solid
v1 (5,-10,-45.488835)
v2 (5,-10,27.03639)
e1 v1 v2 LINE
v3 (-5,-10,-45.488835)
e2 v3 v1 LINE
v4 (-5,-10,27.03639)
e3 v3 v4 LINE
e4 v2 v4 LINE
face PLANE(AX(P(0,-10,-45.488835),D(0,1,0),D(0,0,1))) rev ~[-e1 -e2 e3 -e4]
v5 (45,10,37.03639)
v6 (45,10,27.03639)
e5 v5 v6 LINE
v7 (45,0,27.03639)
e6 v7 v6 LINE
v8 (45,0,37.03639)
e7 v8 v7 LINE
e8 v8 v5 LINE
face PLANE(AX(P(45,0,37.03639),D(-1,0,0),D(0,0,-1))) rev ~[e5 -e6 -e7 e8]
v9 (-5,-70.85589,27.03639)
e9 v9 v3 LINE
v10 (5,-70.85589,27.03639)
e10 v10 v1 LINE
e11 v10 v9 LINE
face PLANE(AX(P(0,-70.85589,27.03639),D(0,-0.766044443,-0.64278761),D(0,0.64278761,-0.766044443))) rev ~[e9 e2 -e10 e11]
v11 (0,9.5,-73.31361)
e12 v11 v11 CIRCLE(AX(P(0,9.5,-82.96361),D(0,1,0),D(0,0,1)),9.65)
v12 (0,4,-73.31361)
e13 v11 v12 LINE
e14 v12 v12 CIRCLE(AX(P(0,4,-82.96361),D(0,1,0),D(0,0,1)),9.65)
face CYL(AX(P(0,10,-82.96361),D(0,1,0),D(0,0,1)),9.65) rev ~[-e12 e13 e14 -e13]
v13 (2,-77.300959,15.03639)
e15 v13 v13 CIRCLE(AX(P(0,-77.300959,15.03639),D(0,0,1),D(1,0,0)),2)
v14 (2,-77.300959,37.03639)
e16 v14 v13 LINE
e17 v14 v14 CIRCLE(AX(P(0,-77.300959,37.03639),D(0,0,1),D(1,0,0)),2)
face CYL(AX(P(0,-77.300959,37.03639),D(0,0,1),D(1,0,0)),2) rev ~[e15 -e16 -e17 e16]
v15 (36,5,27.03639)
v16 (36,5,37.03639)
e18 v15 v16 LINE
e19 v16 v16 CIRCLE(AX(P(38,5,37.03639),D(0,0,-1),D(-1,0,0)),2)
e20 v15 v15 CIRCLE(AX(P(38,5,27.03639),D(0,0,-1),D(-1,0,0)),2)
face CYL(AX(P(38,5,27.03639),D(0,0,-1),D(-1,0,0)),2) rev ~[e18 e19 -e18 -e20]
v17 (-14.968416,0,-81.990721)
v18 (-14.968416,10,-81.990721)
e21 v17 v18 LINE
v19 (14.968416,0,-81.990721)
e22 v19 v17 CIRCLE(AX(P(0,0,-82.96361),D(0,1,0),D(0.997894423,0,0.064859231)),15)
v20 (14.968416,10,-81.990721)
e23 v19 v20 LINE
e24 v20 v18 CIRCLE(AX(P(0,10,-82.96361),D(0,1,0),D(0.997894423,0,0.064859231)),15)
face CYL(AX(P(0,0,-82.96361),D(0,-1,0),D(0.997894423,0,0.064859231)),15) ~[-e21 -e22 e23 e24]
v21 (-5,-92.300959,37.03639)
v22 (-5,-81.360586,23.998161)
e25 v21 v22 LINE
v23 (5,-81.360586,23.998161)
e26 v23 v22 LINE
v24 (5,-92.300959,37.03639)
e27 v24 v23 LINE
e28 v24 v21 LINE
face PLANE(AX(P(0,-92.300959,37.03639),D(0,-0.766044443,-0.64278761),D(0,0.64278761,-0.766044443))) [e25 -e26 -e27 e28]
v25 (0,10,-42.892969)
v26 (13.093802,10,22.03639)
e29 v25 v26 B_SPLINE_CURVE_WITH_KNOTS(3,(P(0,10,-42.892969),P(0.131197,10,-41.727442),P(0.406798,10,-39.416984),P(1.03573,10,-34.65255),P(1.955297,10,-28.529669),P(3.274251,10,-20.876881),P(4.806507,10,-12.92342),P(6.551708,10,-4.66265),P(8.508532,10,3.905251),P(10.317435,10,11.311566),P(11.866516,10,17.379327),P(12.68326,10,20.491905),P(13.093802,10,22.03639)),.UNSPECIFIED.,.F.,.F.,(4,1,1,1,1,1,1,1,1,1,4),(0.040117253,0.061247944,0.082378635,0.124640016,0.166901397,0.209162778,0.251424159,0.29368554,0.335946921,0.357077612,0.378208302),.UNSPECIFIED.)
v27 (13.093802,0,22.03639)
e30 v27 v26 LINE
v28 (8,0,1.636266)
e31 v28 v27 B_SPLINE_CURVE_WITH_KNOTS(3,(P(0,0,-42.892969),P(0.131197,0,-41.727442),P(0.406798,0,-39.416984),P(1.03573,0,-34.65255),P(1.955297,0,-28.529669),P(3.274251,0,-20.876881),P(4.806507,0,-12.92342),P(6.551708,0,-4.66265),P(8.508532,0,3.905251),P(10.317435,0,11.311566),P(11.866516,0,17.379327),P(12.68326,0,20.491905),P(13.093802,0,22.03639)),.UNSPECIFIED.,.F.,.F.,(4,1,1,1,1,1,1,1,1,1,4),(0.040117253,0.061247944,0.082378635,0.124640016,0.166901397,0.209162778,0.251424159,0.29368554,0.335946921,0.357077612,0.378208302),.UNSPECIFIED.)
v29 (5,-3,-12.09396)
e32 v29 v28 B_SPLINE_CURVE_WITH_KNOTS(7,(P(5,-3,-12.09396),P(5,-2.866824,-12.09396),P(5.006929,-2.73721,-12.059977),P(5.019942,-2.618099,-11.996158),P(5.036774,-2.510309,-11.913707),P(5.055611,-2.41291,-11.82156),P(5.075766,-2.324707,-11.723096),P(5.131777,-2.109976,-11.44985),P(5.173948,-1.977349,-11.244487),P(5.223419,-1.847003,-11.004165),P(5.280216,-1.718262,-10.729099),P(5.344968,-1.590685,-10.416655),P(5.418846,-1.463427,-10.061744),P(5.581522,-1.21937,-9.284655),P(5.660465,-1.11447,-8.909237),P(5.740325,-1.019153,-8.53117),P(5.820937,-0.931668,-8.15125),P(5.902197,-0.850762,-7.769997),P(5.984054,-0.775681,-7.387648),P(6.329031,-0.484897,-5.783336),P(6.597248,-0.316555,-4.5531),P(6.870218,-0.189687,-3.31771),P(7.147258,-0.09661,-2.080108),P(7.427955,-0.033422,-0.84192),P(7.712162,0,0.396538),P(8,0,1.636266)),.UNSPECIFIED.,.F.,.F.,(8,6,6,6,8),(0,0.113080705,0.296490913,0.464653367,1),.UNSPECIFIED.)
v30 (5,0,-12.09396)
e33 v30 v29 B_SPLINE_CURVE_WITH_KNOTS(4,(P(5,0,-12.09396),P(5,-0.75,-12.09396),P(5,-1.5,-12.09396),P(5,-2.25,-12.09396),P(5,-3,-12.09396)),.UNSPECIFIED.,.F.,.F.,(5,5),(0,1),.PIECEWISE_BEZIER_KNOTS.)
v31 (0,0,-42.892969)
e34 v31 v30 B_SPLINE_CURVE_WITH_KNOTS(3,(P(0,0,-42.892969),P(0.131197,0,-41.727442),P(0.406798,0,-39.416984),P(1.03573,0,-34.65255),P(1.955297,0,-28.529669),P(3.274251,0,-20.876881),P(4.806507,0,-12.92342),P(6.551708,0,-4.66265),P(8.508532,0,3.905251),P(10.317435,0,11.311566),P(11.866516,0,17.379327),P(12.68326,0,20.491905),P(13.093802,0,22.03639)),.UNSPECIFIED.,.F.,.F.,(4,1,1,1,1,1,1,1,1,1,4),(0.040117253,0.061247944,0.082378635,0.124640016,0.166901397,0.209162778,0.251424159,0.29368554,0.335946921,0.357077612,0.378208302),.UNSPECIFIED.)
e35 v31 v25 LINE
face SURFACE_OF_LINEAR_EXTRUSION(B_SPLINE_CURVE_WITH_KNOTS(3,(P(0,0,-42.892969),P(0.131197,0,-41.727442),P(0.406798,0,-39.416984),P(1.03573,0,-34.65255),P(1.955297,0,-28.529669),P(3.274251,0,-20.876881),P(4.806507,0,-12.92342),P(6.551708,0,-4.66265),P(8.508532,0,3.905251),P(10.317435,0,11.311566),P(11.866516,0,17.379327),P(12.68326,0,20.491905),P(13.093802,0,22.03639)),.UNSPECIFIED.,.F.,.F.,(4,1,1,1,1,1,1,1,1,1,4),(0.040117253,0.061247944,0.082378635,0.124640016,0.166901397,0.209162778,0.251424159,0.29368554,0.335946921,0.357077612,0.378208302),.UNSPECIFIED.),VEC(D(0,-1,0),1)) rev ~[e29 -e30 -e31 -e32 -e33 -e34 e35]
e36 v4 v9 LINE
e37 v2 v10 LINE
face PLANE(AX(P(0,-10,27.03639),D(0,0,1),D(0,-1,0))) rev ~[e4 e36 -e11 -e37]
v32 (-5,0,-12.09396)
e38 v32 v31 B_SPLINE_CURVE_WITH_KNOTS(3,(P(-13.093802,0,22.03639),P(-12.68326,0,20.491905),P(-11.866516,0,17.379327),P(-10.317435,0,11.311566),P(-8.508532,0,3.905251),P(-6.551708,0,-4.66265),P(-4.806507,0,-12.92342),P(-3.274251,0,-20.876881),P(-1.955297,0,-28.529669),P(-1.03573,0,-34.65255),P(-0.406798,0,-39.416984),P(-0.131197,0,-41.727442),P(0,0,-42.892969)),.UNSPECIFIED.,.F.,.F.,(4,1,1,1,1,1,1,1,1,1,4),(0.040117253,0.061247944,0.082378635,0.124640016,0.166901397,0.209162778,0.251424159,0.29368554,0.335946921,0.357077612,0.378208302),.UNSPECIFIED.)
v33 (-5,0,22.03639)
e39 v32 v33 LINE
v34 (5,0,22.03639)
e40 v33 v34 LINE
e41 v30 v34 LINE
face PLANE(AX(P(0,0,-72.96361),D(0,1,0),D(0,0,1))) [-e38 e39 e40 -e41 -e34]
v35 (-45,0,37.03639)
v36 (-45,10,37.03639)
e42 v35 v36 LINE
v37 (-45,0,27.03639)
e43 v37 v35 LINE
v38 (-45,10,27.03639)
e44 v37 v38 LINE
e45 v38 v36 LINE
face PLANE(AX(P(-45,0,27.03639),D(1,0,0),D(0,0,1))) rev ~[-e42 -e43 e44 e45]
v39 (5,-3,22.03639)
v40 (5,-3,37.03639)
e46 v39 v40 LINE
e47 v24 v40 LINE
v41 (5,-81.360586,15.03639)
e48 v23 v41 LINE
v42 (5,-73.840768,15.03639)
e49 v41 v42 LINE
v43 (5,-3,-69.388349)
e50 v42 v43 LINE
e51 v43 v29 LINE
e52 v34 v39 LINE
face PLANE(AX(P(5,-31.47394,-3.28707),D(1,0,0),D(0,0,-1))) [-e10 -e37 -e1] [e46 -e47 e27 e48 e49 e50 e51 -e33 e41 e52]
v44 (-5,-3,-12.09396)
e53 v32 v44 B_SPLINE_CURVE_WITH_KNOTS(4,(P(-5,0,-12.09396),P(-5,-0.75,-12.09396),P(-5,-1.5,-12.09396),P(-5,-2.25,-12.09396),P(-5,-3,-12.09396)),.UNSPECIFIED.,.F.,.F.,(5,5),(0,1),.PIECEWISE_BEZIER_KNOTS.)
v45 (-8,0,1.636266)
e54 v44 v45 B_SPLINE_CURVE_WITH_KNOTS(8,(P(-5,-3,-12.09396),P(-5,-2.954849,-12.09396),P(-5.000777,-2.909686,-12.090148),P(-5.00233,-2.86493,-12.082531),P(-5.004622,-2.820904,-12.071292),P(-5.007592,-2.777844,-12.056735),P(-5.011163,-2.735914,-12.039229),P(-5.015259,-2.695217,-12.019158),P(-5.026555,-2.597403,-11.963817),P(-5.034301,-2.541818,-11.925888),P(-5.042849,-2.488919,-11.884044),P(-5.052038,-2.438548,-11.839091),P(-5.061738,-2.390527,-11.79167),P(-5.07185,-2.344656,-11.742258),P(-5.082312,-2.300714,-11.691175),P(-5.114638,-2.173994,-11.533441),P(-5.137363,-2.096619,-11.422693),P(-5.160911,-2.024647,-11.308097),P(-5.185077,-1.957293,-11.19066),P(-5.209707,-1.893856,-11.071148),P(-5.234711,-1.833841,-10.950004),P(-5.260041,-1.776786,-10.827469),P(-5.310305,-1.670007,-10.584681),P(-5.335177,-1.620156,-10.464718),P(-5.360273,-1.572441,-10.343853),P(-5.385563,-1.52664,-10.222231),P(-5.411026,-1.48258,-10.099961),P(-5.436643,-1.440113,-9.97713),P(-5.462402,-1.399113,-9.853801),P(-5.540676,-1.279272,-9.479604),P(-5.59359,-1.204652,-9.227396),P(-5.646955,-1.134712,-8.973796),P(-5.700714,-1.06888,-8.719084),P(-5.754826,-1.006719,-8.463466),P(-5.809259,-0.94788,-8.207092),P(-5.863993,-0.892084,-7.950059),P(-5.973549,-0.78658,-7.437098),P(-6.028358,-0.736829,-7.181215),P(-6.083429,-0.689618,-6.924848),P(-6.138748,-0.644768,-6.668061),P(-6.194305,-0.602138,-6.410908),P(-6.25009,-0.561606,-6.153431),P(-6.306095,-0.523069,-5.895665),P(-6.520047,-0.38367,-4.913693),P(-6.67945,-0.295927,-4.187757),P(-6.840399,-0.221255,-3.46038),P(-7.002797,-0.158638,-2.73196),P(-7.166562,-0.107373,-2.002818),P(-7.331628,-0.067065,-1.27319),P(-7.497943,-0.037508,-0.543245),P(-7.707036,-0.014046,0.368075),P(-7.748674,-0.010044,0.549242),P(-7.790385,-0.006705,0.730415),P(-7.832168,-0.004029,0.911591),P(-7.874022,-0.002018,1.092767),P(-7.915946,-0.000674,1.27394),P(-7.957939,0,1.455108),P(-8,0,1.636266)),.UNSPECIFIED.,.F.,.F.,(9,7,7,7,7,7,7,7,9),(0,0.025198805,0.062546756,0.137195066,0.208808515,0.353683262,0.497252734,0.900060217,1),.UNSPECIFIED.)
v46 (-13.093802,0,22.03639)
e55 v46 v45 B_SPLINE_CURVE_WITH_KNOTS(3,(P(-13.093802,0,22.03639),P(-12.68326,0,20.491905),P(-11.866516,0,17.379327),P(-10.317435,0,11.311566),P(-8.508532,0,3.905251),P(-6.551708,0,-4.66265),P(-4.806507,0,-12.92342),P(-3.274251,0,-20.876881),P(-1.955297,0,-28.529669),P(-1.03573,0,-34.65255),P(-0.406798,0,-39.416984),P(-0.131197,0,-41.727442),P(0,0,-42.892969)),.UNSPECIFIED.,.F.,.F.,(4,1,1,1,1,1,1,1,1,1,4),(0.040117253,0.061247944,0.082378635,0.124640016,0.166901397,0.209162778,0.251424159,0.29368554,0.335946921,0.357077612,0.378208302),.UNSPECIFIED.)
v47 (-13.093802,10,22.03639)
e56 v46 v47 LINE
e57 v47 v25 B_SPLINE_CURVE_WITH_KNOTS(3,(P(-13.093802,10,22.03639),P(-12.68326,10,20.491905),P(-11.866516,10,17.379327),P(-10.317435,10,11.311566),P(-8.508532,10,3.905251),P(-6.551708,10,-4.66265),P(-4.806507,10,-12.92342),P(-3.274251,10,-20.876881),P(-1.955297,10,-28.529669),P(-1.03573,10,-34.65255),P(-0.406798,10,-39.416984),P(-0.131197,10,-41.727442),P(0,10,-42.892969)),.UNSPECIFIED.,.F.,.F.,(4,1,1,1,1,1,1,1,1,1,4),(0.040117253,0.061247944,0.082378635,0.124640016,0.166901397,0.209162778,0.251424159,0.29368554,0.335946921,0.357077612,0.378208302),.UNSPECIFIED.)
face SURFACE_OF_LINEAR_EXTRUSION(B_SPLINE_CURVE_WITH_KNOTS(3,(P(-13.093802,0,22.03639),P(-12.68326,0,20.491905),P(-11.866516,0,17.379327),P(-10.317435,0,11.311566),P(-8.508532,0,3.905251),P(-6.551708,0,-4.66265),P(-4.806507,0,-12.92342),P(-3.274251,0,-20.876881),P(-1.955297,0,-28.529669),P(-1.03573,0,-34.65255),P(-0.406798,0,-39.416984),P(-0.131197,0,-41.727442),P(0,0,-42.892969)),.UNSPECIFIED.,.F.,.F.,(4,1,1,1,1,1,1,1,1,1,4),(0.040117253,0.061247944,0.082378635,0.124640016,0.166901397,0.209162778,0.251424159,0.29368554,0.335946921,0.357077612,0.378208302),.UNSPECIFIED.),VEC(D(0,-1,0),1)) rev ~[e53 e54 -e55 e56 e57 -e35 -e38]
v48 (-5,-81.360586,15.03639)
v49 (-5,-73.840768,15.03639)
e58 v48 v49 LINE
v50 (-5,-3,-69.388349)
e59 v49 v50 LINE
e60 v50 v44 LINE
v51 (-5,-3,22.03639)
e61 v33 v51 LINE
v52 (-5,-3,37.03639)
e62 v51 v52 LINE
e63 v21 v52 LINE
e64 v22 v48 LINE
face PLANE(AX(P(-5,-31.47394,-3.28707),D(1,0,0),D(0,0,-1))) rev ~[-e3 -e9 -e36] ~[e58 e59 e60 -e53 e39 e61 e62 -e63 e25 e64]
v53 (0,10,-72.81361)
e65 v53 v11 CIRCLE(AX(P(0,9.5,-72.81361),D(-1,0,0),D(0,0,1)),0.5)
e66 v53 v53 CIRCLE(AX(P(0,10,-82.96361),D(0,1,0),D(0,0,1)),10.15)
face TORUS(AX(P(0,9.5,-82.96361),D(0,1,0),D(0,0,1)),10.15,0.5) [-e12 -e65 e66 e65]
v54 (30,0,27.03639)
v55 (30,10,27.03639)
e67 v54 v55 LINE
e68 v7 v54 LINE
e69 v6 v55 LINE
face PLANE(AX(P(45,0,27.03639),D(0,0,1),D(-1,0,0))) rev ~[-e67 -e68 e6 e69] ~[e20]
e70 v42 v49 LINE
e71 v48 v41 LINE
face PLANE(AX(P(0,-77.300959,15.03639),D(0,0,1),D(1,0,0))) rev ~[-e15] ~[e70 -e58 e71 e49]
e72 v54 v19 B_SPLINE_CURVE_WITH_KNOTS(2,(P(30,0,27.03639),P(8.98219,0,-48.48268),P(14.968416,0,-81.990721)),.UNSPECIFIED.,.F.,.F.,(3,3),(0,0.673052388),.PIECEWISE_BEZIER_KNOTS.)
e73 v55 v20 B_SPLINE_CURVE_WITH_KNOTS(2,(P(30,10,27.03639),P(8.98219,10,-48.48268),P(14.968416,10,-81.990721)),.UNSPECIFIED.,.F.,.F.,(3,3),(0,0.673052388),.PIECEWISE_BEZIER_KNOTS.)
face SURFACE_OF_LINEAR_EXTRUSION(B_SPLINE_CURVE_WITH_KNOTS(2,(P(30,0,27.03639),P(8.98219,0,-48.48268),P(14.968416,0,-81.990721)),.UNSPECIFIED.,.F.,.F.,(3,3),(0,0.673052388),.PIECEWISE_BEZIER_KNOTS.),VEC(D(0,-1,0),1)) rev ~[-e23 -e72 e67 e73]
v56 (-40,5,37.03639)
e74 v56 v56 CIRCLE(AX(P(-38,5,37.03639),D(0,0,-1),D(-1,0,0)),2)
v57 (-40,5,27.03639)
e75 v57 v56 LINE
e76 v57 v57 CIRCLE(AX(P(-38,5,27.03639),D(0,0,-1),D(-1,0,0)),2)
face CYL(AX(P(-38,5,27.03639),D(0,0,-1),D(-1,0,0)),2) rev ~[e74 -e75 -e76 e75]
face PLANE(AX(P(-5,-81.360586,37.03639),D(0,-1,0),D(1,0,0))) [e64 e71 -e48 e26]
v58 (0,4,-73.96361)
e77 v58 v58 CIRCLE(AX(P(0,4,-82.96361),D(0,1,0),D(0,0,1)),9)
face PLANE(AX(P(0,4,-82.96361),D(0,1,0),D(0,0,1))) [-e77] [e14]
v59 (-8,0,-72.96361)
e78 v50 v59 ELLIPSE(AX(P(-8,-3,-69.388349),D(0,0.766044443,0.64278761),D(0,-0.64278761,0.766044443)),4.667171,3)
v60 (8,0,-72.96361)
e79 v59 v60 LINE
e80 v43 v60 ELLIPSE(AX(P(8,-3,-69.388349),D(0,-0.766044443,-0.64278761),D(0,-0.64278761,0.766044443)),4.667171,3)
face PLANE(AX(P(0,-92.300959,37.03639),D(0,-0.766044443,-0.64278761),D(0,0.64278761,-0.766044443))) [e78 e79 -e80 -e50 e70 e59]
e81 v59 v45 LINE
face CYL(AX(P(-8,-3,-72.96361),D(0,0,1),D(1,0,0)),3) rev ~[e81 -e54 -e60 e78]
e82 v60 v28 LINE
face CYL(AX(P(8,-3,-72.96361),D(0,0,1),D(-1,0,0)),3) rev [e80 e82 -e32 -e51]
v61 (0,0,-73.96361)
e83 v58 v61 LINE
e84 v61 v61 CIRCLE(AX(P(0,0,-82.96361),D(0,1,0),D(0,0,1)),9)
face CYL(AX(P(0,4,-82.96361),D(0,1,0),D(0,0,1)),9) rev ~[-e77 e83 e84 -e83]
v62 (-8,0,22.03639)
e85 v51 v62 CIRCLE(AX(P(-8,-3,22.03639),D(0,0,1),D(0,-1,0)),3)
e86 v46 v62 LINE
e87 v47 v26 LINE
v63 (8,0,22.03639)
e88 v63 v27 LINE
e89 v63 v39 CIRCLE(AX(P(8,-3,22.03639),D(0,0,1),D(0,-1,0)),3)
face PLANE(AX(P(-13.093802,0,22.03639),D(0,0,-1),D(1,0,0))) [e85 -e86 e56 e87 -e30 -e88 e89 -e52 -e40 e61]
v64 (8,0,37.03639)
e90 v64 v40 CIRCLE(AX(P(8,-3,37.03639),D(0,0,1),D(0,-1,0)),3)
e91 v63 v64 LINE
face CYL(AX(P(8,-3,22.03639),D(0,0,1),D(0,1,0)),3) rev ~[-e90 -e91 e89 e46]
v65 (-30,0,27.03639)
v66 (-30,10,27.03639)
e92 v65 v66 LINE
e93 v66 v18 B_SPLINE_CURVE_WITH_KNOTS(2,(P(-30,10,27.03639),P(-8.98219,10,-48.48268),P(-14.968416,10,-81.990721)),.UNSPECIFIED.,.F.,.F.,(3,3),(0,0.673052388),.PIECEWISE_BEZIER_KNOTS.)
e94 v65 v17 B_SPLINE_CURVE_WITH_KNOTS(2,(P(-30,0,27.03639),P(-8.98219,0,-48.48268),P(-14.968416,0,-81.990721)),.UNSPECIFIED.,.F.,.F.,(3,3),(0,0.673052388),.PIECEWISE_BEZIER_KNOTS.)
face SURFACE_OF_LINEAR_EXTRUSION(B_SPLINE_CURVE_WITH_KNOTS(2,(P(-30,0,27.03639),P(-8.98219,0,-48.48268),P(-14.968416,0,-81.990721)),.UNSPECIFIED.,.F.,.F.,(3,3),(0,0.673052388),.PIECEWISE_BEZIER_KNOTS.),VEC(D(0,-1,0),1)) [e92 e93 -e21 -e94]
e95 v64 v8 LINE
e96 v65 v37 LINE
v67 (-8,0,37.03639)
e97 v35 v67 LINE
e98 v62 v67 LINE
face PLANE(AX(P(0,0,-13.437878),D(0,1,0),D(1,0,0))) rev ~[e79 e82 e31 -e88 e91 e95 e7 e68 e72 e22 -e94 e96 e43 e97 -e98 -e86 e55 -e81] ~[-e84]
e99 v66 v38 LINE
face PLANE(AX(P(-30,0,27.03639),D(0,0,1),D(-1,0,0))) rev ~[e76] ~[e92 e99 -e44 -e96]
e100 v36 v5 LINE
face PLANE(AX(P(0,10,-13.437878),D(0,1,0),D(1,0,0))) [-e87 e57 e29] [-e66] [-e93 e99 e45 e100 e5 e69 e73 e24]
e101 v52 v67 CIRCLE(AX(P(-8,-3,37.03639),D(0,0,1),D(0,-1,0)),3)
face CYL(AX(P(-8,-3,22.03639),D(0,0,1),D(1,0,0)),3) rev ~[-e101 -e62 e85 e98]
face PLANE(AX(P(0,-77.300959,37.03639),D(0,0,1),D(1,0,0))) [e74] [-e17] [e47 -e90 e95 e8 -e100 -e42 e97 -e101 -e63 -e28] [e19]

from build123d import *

# Parameters (mm, degrees)
EXTRUDE_1_DEPTH      = 10
SKETCH_2_R           = 9.65
CUT_EXTRUDE_1_DEPTH  = 6
SKETCH_3_R           = 9
CUT_EXTRUDE_2_DEPTH  = 108.971611223
SKETCH_4_R           = 2
CUT_EXTRUDE_3_DEPTH  = 134.22912608
FILLET_2_R           = 0.5
EXTRUDE_3_DEPTH      = 5
EXTRUDE_3_DEPTH_BACK = 5
FILLET_3_R           = 3
FILLET_4_R           = 3
FILLET_5_R           = 3
FILLET_6_R           = 3
SKETCH_8_W           = 10
SKETCH_8_H           = 8.119253015
EXTRUDE_5_DEPTH      = 22
SKETCH_7_R           = 2
CUT_EXTRUDE_4_DEPTH  = 170.615645405


with BuildPart() as part:
    # Эскиз1 → Бобышка-Вытянуть1 (new body)
    with BuildSketch(Plane(origin=(0, 0, 0), x_dir=(1, 0, 0), z_dir=(0, 1, 0))):
        with BuildLine():
            Line((-45, -37.036390428), (45, -37.036390428))
            Line((45, -37.036390428), (45, -27.036390428))
            Line((45, -27.036390428), (30, -27.036390428))
            add(Edge.make_bspline(
                [(30, -27.036390428), (8.982189831, 48.482679734), (14.96841635, 81.990721102)],
                knots=[0, 0, 0, 0.673052388, 0.673052388, 0.673052388], degree=2))
            ThreePointArc((14.96841635, 81.990721102), (0, 97.963609572), (-14.96841635, 81.990721102))
            add(Edge.make_bspline(
                [(-30, -27.036390428), (-8.982189831, 48.482679734), (-14.96841635, 81.990721102)],
                knots=[0, 0, 0, 0.673052388, 0.673052388, 0.673052388], degree=2))
            Line((-30, -27.036390428), (-45, -27.036390428))
            Line((-45, -27.036390428), (-45, -37.036390428))
        make_face()
        with BuildLine():
            Line((-13.093802095, -22.036390428), (13.093802095, -22.036390428))
            add(Edge.make_bspline(
                [(0, 42.892969081), (0.131197091, 41.727442037), (0.406798356, 39.416984329), (1.035729687, 34.652549779), (1.955297059, 28.529668977), (3.27425138, 20.876880517), (4.806507266, 12.923420182), (6.551708297, 4.662649881), (8.508532438, -3.905250597), (10.317434597, -11.311565536), (11.866516335, -17.379327452), (12.683259953, -20.491905055), (13.093802095, -22.036390428)],
                knots=[0.040117253, 0.040117253, 0.040117253, 0.040117253, 0.061247944, 0.082378635, 0.124640016, 0.166901397, 0.209162778, 0.251424159, 0.29368554, 0.335946921, 0.357077612, 0.378208302, 0.378208302, 0.378208302, 0.378208302], degree=3))
            add(Edge.make_bspline(
                [(-13.093802095, -22.036390428), (-12.683259953, -20.491905055), (-11.866516335, -17.379327452), (-10.317434597, -11.311565536), (-8.508532438, -3.905250597), (-6.551708297, 4.662649881), (-4.806507266, 12.923420182), (-3.27425138, 20.876880517), (-1.955297059, 28.529668977), (-1.035729687, 34.652549779), (-0.406798356, 39.416984329), (-0.131197091, 41.727442037), (0, 42.892969081)],
                knots=[0.040117253, 0.040117253, 0.040117253, 0.040117253, 0.061247944, 0.082378635, 0.124640016, 0.166901397, 0.209162778, 0.251424159, 0.29368554, 0.335946921, 0.357077612, 0.378208302, 0.378208302, 0.378208302, 0.378208302], degree=3))
        make_face(mode=Mode.SUBTRACT)
    extrude(amount=EXTRUDE_1_DEPTH)

    # Эскиз2 → Вырез-Вытянуть1 (cut)
    with BuildSketch(Plane(origin=(0, 10, 0), x_dir=(1, 0, 0), z_dir=(0, 1, 0))):
        with Locations(Location((0, 82.963609572, 0), (0, 0, 270))):
            Circle(SKETCH_2_R)
    extrude(amount=-CUT_EXTRUDE_1_DEPTH, mode=Mode.SUBTRACT)

    # Эскиз3 → Вырез-Вытянуть2 (cut, through all)
    with BuildSketch(Plane(origin=(0, 4, 0), x_dir=(1, 0, 0), z_dir=(0, 1, 0))):
        with Locations(Location((0, 82.963609572, 0), (0, 0, 270))):
            Circle(SKETCH_3_R)
    extrude(amount=-CUT_EXTRUDE_2_DEPTH, mode=Mode.SUBTRACT)

    # Эскиз4 → Вырез-Вытянуть3 (cut, through all)
    with BuildSketch(Plane(origin=(0, 0, 27.036390428), x_dir=(-1, 0, 0), z_dir=(0, 0, -1))):
        with Locations((38, 5)):
            Circle(SKETCH_4_R)
        with Locations((-38, 5)):
            Circle(SKETCH_4_R)
    extrude(amount=-CUT_EXTRUDE_3_DEPTH, mode=Mode.SUBTRACT)

    # Скругление2
    fillet_2_edges = [part.edges().sort_by_distance(p)[0] for p in [
        (0, 10, -92.613609572),
    ]]
    fillet(fillet_2_edges, radius=FILLET_2_R)

    # Эскиз6 → Бобышка-Вытянуть3 (add, two sides)
    with BuildSketch(Plane(origin=(0, 0, 0), x_dir=(0, 0, -1), z_dir=(1, 0, 0))) as extrude_3_sk:
        Polygon((72.963609572, 0), (-37.036390428, 0), (-37.036390428, -92.300959429), align=None)
        Polygon((45.488835377, -10), (-27.036390428, -10), (-27.036390428, -70.855890224), align=None, mode=Mode.SUBTRACT)
    extrude(amount=EXTRUDE_3_DEPTH)
    extrude(extrude_3_sk.sketch, amount=-EXTRUDE_3_DEPTH_BACK)

    # Скругление3
    fillet_3_edges = [part.edges().sort_by_distance(p)[0] for p in [
        (5, 0, 29.536390428),
    ]]
    fillet(fillet_3_edges, radius=FILLET_3_R)

    # Скругление4
    fillet_4_edges = [part.edges().sort_by_distance(p)[0] for p in [
        (5, 0, -42.52878468),
    ]]
    fillet(fillet_4_edges, radius=FILLET_4_R)

    # Скругление5
    fillet_5_edges = [part.edges().sort_by_distance(p)[0] for p in [
        (-5, 0, -42.52878468),
    ]]
    fillet(fillet_5_edges, radius=FILLET_5_R)

    # Скругление6
    fillet_6_edges = [part.edges().sort_by_distance(p)[0] for p in [
        (-5, 0, 29.536390428),
    ]]
    fillet(fillet_6_edges, radius=FILLET_6_R)

    # Эскиз8 → Бобышка-Вытянуть5 (add)
    with BuildSketch(Plane.XY.offset(37.036390428)):
        with Locations((0, -77.30095943)):
            Rectangle(SKETCH_8_W, SKETCH_8_H)
    extrude(amount=-EXTRUDE_5_DEPTH)

    # Эскиз7 → Вырез-Вытянуть4 (cut, through all)
    with BuildSketch(Plane.XY.offset(37.036390428)):
        with Locations((0, -77.300959429)):
            Circle(SKETCH_7_R)
    extrude(amount=-CUT_EXTRUDE_4_DEPTH, mode=Mode.SUBTRACT)


solid = part.part
